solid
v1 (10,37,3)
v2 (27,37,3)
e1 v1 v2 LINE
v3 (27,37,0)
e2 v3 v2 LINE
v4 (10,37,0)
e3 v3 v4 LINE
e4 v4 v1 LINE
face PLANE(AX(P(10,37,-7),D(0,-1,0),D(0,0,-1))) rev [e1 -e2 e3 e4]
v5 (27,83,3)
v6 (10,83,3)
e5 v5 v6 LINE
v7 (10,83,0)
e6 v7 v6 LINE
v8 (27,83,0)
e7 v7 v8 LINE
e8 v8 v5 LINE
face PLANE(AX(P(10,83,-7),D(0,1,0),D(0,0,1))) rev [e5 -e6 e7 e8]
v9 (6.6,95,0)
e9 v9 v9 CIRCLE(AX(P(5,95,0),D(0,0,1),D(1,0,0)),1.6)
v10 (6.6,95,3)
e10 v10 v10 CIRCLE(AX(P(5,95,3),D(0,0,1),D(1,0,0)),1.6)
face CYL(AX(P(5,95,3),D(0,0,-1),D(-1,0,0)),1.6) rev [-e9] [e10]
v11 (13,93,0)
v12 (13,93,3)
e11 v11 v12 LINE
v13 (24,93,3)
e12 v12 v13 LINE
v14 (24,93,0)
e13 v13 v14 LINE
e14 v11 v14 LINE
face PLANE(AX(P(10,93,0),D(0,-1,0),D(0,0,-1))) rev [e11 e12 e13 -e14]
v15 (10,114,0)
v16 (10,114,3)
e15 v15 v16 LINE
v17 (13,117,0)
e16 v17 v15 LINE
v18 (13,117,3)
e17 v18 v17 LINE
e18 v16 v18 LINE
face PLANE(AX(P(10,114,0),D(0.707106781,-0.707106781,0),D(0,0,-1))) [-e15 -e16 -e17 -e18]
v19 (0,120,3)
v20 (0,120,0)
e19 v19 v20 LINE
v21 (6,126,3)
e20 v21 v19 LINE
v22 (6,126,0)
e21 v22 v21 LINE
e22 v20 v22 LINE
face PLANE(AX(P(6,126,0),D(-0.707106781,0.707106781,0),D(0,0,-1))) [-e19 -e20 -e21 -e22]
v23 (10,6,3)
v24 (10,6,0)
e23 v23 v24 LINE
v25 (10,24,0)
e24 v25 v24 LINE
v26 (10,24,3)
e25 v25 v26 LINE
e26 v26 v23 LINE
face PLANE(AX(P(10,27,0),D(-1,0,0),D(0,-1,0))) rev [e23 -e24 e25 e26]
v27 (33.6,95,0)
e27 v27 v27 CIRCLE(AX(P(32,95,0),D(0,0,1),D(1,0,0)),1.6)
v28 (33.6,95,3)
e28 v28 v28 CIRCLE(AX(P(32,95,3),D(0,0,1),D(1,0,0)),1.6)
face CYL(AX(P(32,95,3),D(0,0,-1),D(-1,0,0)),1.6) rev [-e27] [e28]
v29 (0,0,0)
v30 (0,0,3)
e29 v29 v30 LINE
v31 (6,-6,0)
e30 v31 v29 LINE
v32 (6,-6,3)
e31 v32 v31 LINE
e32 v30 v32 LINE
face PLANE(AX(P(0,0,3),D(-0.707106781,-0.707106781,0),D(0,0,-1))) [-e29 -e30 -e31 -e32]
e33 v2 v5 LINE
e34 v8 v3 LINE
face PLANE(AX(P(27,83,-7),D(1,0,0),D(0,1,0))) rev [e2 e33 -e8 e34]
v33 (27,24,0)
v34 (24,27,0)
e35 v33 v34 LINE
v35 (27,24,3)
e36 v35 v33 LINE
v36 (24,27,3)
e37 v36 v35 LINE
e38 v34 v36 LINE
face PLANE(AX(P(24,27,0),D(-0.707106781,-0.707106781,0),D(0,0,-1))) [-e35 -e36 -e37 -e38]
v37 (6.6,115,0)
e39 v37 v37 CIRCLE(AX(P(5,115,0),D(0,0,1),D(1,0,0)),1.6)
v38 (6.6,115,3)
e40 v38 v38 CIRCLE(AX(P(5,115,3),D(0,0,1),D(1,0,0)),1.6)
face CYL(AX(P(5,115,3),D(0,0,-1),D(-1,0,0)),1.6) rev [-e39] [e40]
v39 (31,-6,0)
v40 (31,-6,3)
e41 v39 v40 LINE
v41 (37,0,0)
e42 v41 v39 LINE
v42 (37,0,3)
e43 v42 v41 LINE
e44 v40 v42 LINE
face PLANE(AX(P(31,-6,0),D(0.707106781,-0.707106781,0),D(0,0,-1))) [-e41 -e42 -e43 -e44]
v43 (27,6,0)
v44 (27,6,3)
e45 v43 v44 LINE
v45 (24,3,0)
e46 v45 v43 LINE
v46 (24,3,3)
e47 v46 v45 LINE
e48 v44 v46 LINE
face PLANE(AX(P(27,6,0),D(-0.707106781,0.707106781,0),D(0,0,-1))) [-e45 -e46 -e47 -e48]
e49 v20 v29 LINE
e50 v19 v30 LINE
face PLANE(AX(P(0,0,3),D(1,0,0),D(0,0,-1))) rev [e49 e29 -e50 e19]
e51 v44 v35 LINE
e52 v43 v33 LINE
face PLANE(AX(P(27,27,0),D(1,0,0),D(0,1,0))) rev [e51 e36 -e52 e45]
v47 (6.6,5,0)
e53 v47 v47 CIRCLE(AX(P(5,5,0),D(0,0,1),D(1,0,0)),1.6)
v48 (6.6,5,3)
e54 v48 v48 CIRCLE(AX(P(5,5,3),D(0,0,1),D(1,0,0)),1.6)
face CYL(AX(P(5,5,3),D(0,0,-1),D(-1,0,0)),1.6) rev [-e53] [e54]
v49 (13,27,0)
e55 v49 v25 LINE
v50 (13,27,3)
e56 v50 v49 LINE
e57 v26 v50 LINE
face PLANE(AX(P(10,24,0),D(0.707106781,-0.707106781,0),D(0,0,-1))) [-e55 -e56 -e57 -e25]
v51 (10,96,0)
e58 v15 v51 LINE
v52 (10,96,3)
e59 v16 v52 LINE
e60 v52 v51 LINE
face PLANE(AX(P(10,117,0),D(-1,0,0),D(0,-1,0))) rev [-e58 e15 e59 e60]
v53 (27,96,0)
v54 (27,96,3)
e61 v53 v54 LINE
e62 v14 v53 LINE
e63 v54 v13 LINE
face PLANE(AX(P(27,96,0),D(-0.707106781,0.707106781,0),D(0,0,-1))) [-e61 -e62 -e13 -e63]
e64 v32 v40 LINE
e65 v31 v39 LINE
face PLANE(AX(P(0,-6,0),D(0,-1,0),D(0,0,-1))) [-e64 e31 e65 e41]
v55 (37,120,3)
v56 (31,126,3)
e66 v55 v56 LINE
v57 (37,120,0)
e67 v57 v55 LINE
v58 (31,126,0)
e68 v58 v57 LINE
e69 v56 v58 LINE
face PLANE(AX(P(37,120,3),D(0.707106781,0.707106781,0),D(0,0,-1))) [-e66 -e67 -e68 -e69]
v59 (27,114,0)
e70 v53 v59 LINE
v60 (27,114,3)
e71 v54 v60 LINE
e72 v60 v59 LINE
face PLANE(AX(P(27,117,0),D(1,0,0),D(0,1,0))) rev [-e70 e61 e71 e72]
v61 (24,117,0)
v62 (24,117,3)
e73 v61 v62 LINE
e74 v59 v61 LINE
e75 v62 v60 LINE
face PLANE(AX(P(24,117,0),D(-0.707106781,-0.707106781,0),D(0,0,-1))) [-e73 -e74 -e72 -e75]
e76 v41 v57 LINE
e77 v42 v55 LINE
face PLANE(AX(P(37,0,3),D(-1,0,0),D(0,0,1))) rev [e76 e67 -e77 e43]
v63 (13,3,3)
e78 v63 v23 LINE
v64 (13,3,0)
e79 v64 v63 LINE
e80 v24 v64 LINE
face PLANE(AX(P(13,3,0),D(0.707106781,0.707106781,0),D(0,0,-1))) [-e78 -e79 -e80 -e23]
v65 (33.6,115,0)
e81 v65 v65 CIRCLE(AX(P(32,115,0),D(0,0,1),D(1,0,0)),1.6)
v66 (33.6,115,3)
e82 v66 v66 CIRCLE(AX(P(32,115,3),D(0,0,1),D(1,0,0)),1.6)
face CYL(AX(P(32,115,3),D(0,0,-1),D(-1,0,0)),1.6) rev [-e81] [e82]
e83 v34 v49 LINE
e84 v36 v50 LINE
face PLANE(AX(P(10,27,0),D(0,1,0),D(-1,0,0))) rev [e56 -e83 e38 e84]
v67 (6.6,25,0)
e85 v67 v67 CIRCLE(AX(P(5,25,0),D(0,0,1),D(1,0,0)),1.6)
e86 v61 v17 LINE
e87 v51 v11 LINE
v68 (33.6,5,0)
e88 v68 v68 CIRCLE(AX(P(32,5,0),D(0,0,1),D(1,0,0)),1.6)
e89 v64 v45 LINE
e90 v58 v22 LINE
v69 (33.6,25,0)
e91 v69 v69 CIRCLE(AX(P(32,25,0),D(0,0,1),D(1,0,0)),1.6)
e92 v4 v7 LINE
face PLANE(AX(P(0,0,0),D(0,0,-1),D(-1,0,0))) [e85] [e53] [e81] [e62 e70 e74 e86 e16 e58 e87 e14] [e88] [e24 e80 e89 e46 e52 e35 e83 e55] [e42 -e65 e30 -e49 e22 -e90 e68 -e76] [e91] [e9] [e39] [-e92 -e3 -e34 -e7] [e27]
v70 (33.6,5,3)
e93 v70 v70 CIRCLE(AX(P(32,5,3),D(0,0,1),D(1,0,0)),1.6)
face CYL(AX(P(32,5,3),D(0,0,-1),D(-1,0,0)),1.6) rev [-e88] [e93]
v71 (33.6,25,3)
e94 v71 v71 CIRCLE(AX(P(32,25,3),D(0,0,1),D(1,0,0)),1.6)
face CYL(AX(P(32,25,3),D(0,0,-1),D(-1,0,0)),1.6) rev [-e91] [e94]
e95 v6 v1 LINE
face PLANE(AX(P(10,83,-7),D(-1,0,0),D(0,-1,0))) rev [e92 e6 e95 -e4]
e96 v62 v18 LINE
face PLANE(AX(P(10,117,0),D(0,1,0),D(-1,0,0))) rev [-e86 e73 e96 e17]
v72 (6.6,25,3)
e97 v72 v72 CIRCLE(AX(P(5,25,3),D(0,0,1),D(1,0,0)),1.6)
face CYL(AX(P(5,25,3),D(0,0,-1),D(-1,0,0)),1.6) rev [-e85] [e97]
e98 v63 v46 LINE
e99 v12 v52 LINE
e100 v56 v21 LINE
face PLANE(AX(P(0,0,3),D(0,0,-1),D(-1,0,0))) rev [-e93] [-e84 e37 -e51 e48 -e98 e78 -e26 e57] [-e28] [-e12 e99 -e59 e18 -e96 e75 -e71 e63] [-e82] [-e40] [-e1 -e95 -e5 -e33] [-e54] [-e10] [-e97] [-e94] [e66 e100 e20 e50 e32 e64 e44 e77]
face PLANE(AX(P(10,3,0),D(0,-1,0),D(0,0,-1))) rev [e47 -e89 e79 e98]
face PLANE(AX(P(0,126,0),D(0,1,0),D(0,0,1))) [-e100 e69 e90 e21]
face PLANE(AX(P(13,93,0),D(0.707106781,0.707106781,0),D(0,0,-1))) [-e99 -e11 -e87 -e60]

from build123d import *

# Parameters (mm, degrees)
SKETCH_1_W          = 37
SKETCH_1_H          = 120
SKETCH_1_R          = 1.6
EXTRUDE_1_DEPTH     = 3
SKETCH_2_W          = 17
SKETCH_2_H          = 24
CUT_EXTRUDE_1_DEPTH = 126.610509114
SKETCH_3_W          = 37
SKETCH_3_H          = 6
EXTRUDE_2_DEPTH     = 3
CHAMFER_1_SIZE      = 6
CHAMFER_2_SIZE      = 3
SKETCH_4_W          = 17
SKETCH_4_H          = 46
CUT_EXTRUDE_2_DEPTH = 10


with BuildPart() as part:
    # ｽｹｯﾁ1 → ﾎﾞｽ - 押し出し1 (new body)
    with BuildSketch(Plane.XY):
        with Locations((18.5, 60)):
            Rectangle(SKETCH_1_W, SKETCH_1_H)
        with Locations((5, 115)):
            Circle(SKETCH_1_R, mode=Mode.SUBTRACT)
        with Locations((32, 115)):
            Circle(SKETCH_1_R, mode=Mode.SUBTRACT)
        with Locations((5, 95)):
            Circle(SKETCH_1_R, mode=Mode.SUBTRACT)
        with Locations((32, 95)):
            Circle(SKETCH_1_R, mode=Mode.SUBTRACT)
        with Locations((5, 25)):
            Circle(SKETCH_1_R, mode=Mode.SUBTRACT)
        with Locations((32, 25)):
            Circle(SKETCH_1_R, mode=Mode.SUBTRACT)
        with Locations((5, 5)):
            Circle(SKETCH_1_R, mode=Mode.SUBTRACT)
        with Locations((32, 5)):
            Circle(SKETCH_1_R, mode=Mode.SUBTRACT)
    extrude(amount=EXTRUDE_1_DEPTH)

    # ｽｹｯﾁ2 → ｶｯﾄ - 押し出し1 (cut, through all)
    with BuildSketch(Plane.XY.offset(3)):
        with Locations((18.5, 105)):
            Rectangle(SKETCH_2_W, SKETCH_2_H)
        with Locations((18.5, 15)):
            Rectangle(SKETCH_2_W, SKETCH_2_H)
    extrude(amount=-CUT_EXTRUDE_1_DEPTH, mode=Mode.SUBTRACT)

    # ｽｹｯﾁ3 → ﾎﾞｽ - 押し出し2 (add)
    with BuildSketch(Plane.XY.offset(3)):
        with Locations((18.5, 123)):
            Rectangle(SKETCH_3_W, SKETCH_3_H)
        with Locations((18.5, -3)):
            Rectangle(SKETCH_3_W, SKETCH_3_H)
    extrude(amount=-EXTRUDE_2_DEPTH)

    # 面取り1
    chamfer_1_edges = [part.edges().sort_by_distance(p)[0] for p in [
        (0, 126, 1.5),
        (37, 126, 1.5),
        (0, -6, 1.5),
        (37, -6, 1.5),
    ]]
    chamfer(chamfer_1_edges, length=CHAMFER_1_SIZE)

    # 面取り2
    chamfer_2_edges = [part.edges().sort_by_distance(p)[0] for p in [
        (10, 93, 1.5),
        (10, 117, 1.5),
        (27, 117, 1.5),
        (27, 93, 1.5),
        (10, 3, 1.5),
        (10, 27, 1.5),
        (27, 27, 1.5),
        (27, 3, 1.5),
    ]]
    chamfer(chamfer_2_edges, length=CHAMFER_2_SIZE)

    # ｽｹｯﾁ4 → ｶｯﾄ - 押し出し2 (cut)
    with BuildSketch(Plane.XY.offset(3)):
        with Locations((18.5, 60)):
            Rectangle(SKETCH_4_W, SKETCH_4_H)
    extrude(amount=-CUT_EXTRUDE_2_DEPTH, mode=Mode.SUBTRACT)


solid = part.part
